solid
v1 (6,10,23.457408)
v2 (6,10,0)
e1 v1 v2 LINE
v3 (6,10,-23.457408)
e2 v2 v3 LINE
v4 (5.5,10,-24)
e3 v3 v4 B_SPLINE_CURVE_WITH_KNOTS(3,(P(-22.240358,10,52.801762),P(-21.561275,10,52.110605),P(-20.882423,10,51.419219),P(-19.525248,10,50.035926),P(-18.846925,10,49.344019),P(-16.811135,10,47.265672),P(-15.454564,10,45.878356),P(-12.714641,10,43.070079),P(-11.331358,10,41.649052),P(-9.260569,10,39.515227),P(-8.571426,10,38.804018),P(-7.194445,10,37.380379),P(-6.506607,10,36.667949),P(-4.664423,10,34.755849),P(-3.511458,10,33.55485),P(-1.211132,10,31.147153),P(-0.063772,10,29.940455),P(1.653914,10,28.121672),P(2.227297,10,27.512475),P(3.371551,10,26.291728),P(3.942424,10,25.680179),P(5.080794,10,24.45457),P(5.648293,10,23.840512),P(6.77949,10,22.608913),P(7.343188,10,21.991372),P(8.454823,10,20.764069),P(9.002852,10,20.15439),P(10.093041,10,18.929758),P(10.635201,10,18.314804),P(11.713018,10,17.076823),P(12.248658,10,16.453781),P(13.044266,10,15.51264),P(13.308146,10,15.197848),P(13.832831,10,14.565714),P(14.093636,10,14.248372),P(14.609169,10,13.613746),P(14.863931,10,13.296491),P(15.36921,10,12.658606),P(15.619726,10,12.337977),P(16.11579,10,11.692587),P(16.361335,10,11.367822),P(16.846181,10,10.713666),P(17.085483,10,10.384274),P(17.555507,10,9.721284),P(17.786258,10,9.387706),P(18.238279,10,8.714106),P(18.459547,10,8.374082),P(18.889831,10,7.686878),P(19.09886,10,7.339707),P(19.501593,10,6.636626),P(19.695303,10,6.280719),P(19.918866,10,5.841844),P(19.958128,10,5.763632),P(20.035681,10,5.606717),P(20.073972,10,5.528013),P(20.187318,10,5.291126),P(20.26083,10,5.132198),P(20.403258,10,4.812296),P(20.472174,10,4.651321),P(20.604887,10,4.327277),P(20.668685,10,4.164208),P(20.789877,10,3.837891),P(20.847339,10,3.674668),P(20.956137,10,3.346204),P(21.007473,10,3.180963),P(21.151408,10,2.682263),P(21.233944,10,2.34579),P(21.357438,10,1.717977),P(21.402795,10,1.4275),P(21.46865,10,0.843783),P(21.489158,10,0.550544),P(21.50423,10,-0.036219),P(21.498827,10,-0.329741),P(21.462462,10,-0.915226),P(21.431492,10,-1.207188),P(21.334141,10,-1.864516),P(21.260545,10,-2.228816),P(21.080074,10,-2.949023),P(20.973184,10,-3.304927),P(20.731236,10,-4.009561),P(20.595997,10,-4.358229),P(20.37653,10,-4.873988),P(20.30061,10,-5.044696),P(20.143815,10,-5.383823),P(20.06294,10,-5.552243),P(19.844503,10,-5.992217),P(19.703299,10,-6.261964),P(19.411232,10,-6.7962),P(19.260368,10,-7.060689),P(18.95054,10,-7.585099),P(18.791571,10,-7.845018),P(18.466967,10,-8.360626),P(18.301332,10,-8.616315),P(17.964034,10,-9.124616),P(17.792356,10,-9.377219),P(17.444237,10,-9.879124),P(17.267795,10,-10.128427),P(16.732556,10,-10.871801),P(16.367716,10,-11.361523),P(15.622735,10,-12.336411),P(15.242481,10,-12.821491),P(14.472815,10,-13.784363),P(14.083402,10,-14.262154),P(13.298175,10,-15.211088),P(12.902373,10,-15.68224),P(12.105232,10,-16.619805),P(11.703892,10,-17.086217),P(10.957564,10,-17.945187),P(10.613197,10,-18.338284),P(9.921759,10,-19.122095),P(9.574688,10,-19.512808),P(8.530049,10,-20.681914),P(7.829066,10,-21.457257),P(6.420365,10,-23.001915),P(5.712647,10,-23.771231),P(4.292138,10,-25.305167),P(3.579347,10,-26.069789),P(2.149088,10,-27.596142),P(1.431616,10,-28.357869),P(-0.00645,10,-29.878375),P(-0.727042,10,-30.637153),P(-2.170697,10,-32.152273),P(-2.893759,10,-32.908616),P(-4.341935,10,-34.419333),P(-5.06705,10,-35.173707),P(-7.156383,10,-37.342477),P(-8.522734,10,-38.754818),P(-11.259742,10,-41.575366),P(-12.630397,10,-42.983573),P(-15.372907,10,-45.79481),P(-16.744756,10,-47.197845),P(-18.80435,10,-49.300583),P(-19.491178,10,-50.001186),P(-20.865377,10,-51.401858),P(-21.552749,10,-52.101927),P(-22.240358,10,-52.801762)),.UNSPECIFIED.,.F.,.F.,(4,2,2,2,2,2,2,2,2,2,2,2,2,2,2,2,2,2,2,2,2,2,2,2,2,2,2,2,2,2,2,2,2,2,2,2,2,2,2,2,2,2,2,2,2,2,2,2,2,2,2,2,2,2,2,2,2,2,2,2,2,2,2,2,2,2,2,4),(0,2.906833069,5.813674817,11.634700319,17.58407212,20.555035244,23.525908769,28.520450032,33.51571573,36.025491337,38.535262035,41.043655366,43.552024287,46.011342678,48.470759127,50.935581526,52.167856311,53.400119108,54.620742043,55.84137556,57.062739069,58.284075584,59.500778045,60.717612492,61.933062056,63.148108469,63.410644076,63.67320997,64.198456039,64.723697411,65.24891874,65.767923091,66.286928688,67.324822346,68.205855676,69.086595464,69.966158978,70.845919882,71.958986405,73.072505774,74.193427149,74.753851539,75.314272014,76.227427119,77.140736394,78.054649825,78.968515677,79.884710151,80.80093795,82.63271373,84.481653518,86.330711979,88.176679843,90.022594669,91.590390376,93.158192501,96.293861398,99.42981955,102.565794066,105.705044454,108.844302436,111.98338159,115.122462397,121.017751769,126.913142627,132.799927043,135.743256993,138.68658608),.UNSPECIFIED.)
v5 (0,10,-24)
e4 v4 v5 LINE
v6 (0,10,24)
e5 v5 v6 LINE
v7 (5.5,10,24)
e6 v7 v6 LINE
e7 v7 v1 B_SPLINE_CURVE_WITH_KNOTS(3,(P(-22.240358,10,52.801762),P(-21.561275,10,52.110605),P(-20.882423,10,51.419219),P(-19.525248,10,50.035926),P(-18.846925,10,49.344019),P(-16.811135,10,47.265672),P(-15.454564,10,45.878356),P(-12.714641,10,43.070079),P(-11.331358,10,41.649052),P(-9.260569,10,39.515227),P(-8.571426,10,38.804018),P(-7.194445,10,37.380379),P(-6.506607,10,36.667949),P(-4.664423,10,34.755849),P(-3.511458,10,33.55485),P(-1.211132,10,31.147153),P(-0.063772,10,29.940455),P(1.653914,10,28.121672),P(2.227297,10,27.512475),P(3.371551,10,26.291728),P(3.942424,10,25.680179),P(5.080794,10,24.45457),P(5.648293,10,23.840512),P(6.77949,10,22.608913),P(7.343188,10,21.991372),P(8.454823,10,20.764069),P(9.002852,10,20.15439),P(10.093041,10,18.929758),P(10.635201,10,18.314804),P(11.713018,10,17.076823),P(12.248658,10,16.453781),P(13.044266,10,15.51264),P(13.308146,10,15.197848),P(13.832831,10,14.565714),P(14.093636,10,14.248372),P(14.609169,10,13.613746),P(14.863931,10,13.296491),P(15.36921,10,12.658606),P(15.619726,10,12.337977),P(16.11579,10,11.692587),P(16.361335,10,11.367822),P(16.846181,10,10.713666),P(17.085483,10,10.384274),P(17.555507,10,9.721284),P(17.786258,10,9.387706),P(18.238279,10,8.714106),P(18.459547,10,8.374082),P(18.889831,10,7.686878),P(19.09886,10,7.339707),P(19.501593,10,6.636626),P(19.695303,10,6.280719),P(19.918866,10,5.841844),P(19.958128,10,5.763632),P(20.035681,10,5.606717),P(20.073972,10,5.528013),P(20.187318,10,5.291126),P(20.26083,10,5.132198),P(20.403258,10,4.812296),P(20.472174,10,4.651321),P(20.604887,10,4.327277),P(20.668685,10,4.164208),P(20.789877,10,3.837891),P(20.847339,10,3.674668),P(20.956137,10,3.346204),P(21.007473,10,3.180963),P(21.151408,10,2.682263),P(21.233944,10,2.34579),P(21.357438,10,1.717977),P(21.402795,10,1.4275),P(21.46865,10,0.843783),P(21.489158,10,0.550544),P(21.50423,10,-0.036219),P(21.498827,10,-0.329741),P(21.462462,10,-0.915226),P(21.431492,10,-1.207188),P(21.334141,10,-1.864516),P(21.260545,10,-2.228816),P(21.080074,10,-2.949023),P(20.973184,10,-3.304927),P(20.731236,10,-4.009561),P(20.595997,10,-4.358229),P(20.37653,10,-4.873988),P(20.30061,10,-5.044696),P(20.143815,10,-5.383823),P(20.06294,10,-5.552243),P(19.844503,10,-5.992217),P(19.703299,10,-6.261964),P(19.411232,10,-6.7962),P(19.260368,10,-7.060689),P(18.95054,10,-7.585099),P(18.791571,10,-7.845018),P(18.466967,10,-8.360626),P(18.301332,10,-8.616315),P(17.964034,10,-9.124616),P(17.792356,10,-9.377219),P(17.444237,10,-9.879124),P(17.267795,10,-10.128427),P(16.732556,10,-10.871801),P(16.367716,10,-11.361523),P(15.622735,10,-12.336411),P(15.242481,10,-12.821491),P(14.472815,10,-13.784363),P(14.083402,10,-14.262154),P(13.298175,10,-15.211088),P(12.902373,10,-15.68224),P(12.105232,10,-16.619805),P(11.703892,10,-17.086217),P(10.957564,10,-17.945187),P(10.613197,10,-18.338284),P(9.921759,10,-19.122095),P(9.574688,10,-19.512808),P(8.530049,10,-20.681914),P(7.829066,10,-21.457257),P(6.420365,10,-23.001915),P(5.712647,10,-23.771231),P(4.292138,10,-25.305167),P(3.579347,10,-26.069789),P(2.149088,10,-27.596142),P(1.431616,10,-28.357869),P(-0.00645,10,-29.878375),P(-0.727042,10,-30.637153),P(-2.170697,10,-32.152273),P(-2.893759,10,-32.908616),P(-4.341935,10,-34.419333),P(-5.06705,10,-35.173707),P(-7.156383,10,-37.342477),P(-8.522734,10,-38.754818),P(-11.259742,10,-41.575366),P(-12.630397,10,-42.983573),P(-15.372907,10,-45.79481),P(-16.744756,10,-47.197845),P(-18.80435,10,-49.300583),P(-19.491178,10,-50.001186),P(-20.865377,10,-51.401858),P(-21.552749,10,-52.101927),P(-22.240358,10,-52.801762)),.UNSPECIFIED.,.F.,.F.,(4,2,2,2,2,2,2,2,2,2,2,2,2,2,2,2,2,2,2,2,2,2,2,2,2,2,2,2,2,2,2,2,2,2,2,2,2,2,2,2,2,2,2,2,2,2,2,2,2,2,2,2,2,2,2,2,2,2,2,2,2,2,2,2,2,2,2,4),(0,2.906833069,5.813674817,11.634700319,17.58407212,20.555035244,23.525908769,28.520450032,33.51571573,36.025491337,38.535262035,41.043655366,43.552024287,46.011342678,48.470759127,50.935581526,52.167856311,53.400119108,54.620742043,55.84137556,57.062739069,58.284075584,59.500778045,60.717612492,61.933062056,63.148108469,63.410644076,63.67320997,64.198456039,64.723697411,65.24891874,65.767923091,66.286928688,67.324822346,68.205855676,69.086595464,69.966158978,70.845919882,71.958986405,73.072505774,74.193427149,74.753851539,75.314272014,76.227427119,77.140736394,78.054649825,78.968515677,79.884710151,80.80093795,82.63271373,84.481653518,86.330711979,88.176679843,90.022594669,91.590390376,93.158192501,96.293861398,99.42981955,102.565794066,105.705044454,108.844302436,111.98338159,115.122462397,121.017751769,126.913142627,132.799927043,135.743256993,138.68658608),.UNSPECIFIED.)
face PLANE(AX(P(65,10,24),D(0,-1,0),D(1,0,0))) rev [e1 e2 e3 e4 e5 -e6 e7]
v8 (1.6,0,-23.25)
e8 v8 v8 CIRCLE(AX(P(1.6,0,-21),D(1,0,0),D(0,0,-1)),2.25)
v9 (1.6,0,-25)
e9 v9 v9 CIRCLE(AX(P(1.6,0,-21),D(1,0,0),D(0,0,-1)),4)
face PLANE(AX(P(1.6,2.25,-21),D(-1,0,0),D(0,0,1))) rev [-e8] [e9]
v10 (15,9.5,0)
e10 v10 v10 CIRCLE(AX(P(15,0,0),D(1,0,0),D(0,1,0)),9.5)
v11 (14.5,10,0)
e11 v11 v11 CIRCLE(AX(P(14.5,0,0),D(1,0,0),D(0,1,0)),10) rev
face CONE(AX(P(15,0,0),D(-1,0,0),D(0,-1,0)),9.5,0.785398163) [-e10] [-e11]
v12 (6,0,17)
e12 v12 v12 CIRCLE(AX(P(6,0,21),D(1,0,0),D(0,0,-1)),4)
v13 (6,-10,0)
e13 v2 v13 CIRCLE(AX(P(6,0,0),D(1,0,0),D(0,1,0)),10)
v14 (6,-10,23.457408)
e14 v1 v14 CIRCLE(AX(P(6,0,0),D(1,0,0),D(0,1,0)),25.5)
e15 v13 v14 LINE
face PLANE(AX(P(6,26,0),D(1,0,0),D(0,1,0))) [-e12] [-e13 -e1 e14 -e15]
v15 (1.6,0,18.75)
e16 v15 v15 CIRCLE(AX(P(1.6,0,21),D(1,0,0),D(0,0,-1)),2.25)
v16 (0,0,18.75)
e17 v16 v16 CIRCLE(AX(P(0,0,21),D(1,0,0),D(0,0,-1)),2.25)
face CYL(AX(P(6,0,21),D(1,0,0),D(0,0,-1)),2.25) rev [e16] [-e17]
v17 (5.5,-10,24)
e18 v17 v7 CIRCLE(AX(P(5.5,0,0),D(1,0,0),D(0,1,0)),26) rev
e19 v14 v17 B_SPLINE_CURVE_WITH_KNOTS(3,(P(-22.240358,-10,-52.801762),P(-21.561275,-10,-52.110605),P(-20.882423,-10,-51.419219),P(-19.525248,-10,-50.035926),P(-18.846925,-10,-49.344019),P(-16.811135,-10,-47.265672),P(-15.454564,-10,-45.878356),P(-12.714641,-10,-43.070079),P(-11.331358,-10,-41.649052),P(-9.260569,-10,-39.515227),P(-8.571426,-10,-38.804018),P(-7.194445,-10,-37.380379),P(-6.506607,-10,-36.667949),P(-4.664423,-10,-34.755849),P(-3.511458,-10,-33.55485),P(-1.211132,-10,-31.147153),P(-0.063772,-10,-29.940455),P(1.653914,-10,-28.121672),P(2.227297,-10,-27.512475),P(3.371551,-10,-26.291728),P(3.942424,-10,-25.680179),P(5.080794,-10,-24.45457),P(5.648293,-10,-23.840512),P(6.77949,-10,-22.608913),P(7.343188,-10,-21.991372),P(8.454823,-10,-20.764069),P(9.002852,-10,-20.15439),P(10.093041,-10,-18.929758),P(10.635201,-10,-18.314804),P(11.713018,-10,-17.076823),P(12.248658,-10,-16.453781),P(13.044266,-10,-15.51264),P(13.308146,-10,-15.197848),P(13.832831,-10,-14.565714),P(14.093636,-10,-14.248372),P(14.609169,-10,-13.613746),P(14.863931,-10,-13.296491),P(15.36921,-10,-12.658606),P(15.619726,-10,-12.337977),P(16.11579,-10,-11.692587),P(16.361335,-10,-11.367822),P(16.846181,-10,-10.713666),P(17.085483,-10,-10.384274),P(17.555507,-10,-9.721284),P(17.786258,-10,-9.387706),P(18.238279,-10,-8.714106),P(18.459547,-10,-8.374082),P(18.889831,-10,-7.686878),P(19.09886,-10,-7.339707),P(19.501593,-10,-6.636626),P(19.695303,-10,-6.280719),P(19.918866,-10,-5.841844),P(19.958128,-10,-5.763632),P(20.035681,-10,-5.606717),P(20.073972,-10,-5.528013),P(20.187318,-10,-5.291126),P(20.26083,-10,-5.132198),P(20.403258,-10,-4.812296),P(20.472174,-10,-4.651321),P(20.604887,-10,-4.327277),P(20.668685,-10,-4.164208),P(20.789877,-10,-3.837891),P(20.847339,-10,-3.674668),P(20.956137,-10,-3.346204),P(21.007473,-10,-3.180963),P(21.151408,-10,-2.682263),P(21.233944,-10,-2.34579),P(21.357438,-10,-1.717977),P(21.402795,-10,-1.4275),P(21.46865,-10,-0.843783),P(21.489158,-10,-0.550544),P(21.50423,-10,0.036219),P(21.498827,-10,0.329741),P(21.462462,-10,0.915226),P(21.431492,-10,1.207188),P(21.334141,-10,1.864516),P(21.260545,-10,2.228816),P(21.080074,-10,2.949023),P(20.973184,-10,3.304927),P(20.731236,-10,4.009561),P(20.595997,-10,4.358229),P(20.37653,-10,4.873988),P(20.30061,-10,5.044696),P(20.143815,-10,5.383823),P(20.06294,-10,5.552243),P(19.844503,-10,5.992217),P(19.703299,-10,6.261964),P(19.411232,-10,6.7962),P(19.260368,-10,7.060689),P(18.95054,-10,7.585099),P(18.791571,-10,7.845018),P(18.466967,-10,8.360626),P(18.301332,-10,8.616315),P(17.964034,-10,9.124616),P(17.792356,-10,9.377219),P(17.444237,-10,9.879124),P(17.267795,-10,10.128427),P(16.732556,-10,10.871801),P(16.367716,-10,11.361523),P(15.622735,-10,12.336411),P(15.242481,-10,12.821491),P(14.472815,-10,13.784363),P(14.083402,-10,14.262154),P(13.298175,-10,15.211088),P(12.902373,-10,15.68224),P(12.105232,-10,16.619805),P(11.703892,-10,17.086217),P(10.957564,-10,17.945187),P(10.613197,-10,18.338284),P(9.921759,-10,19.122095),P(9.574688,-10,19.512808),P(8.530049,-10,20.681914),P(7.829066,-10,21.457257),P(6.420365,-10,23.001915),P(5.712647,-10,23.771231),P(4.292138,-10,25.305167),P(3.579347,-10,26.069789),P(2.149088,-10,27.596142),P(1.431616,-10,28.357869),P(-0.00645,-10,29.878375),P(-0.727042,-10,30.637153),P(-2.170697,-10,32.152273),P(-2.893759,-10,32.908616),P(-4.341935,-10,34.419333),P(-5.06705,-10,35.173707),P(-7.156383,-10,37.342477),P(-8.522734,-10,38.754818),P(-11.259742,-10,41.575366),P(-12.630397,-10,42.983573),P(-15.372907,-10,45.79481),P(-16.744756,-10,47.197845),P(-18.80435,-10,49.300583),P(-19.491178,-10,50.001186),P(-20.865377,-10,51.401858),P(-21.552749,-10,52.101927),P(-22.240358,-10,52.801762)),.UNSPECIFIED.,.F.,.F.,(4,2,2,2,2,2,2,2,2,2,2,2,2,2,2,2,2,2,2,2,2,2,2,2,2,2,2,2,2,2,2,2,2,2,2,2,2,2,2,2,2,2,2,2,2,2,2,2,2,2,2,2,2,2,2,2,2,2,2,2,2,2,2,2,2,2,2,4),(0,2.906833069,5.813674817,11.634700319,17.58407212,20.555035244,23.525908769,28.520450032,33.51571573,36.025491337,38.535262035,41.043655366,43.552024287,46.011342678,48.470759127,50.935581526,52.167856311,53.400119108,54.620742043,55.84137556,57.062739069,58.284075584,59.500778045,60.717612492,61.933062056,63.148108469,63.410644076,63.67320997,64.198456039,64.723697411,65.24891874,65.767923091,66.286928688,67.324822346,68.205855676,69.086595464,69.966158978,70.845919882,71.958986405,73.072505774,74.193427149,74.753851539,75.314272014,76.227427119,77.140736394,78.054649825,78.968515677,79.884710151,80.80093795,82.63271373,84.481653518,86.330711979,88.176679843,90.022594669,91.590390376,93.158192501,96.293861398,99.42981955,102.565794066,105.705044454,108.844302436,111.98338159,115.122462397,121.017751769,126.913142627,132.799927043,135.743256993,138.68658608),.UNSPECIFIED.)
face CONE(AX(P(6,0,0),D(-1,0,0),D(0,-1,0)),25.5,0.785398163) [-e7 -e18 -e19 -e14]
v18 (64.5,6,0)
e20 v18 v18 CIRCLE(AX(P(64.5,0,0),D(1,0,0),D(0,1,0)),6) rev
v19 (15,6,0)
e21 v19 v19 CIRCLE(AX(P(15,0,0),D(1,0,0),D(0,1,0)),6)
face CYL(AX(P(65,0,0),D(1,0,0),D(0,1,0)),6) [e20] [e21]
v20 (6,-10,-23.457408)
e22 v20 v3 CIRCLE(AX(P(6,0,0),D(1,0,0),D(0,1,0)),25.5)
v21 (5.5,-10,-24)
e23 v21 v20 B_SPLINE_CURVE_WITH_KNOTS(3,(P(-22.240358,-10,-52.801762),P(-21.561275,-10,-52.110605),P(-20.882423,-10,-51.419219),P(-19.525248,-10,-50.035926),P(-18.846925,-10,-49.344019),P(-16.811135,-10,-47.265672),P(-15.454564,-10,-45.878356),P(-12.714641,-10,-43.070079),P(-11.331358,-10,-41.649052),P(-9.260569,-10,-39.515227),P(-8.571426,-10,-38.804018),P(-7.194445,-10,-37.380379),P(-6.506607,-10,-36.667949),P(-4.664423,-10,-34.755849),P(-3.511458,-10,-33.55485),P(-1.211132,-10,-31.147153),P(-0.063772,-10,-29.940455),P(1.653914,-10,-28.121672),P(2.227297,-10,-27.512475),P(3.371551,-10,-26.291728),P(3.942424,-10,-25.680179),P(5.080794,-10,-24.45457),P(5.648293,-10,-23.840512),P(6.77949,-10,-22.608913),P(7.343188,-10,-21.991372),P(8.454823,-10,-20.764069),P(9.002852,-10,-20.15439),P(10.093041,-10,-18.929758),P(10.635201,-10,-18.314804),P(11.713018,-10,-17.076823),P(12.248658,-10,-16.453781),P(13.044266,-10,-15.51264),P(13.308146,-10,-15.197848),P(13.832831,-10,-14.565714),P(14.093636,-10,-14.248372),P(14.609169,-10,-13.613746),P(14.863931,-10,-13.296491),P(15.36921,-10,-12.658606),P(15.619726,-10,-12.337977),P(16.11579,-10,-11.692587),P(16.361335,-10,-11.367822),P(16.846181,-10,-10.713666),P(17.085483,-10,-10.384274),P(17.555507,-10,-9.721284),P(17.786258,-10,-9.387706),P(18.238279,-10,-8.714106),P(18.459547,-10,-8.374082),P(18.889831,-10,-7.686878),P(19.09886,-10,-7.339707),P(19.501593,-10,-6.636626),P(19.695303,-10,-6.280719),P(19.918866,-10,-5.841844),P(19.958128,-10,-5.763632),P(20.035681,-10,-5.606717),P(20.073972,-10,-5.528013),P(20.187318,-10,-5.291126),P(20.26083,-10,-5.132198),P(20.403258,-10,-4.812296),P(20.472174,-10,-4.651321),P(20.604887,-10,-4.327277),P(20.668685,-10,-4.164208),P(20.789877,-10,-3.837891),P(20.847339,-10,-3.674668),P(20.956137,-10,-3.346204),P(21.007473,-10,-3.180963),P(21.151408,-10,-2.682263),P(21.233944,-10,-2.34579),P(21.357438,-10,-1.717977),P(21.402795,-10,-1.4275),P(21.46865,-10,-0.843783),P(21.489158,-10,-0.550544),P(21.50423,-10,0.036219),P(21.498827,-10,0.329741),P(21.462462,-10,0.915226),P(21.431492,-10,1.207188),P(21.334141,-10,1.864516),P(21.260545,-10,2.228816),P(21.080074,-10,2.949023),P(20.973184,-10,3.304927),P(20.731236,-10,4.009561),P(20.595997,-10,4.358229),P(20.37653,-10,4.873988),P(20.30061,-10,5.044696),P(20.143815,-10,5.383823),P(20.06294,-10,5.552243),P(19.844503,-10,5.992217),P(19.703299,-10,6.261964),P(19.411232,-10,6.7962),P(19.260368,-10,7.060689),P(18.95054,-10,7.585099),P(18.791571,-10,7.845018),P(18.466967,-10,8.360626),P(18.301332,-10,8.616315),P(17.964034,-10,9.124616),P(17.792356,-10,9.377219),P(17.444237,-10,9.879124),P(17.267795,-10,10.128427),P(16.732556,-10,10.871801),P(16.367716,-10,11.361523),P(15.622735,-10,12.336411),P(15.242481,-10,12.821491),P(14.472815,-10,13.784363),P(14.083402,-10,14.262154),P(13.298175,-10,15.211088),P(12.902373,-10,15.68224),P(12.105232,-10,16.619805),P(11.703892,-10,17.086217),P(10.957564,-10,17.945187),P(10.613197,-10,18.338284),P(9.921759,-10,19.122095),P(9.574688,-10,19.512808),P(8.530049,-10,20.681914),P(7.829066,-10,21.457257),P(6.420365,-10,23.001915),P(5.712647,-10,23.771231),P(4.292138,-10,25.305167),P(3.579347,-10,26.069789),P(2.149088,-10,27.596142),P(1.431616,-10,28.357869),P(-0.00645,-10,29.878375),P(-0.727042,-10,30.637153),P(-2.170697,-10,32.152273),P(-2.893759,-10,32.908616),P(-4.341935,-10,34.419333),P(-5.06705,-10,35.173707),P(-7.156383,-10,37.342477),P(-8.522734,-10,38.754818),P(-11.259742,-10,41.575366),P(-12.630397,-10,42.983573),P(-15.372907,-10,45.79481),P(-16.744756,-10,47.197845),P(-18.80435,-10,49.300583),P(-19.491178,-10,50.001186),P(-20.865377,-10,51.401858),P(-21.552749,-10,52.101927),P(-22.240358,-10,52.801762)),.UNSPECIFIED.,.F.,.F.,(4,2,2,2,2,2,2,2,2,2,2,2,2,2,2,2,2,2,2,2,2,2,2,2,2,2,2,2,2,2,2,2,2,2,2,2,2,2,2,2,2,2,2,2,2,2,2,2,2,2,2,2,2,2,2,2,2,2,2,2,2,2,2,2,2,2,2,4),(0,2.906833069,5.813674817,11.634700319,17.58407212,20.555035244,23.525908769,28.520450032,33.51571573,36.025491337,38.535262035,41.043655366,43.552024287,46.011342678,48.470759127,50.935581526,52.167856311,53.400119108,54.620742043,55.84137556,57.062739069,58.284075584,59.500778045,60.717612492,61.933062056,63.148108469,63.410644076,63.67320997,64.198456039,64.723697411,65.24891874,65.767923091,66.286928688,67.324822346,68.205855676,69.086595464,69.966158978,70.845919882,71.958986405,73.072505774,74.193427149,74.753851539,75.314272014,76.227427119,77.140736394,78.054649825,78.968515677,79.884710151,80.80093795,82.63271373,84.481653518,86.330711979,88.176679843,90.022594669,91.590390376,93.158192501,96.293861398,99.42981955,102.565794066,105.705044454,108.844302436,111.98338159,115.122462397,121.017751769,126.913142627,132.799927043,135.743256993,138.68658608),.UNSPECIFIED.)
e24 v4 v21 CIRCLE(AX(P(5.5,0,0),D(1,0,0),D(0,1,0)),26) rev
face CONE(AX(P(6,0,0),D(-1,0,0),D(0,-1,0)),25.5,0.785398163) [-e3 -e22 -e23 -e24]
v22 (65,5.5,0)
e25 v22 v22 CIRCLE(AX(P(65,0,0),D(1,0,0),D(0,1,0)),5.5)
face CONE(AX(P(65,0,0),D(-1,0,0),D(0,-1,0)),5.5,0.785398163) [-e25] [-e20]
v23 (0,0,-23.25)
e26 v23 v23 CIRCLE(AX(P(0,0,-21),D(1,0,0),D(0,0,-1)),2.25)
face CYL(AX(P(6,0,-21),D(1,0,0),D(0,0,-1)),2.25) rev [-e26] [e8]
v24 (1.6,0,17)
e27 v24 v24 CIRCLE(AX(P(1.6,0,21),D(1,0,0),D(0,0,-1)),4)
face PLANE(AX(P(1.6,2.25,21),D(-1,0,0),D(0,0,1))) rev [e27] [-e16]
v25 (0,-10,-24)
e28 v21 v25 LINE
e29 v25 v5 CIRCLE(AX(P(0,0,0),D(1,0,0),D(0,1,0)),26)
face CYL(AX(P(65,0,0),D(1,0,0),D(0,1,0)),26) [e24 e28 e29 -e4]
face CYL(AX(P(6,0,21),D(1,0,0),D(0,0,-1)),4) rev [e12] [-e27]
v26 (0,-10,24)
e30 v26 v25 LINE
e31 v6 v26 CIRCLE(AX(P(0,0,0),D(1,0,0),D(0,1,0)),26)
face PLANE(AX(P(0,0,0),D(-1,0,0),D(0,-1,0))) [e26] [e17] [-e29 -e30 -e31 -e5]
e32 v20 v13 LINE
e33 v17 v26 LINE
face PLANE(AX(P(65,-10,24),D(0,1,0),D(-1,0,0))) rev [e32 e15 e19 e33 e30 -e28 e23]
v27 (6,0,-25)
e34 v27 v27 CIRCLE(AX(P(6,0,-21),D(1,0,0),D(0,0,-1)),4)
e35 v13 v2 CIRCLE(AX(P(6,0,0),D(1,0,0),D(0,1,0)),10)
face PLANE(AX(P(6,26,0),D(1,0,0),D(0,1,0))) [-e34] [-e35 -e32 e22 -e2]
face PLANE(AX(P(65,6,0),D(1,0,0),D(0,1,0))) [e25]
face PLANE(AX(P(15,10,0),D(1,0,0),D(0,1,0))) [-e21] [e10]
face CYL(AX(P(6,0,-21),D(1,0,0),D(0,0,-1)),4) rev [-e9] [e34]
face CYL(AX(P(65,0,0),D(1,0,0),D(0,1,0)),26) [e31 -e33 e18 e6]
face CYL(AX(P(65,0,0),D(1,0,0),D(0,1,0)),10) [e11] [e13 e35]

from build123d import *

# Parameters (mm, degrees)
CHANFREIN1_SIZE                                    = 0.5
CHAMBRAGE_POUR_VIS_T_TE_HEXAGONALE_M41_D           = 4.5
CHAMBRAGE_POUR_VIS_T_TE_HEXAGONALE_M41_CBORE_D     = 8
CHAMBRAGE_POUR_VIS_T_TE_HEXAGONALE_M41_CBORE_DEPTH = 4.4
ENL_V_MAT_EXTRU_2_DEPTH                            = 75.679314405
CHANFREIN3_SIZE                                    = 0.5


with BuildPart() as part:
    # Esquisse1 → Révolution1 (revolve)
    with BuildSketch(Plane.XY):
        Polygon((15, 6), (65, 6), (65, 0), (0, 0), (0, 26), (6, 26), (6, 10), (15, 10), align=None)
    revolve(axis=Axis((65, 0, 0), (-1, 0, 0)))

    # Chanfrein1
    chanfrein1_edges = [part.edges().sort_by_distance(p)[0] for p in [
        (6, -26, 0),
        (15, -10, 0),
    ]]
    chamfer(chanfrein1_edges, length=CHANFREIN1_SIZE)

    # Chambrage pour vis à tête hexagonale M41 (through all)
    with Locations(Plane(origin=(6, 0, 0), x_dir=(0, 0, -1), z_dir=(1, 0, 0))):
        with Locations((-21, 0), (21, 0)):
            CounterBoreHole(CHAMBRAGE_POUR_VIS_T_TE_HEXAGONALE_M41_D / 2, CHAMBRAGE_POUR_VIS_T_TE_HEXAGONALE_M41_CBORE_D / 2, CHAMBRAGE_POUR_VIS_T_TE_HEXAGONALE_M41_CBORE_DEPTH)

    # Esquisse11 → Enlèv. mat.-Extru.2 (cut, through all)
    with BuildSketch(Plane.ZY):
        with BuildLine():
            Line((24, -10), (-24, -10))
            ThreePointArc((-24, -10), (0, -26), (24, -10))
        make_face()
        with BuildLine():
            Line((24, 10), (-24, 10))
            ThreePointArc((-24, 10), (0, 26), (24, 10))
        make_face()
    extrude(amount=-ENL_V_MAT_EXTRU_2_DEPTH, mode=Mode.SUBTRACT)

    # Chanfrein3
    chanfrein3_edges = [part.edges().sort_by_distance(p)[0] for p in [
        (65, -6, 0),
    ]]
    chamfer(chanfrein3_edges, length=CHANFREIN3_SIZE)


solid = part.part
